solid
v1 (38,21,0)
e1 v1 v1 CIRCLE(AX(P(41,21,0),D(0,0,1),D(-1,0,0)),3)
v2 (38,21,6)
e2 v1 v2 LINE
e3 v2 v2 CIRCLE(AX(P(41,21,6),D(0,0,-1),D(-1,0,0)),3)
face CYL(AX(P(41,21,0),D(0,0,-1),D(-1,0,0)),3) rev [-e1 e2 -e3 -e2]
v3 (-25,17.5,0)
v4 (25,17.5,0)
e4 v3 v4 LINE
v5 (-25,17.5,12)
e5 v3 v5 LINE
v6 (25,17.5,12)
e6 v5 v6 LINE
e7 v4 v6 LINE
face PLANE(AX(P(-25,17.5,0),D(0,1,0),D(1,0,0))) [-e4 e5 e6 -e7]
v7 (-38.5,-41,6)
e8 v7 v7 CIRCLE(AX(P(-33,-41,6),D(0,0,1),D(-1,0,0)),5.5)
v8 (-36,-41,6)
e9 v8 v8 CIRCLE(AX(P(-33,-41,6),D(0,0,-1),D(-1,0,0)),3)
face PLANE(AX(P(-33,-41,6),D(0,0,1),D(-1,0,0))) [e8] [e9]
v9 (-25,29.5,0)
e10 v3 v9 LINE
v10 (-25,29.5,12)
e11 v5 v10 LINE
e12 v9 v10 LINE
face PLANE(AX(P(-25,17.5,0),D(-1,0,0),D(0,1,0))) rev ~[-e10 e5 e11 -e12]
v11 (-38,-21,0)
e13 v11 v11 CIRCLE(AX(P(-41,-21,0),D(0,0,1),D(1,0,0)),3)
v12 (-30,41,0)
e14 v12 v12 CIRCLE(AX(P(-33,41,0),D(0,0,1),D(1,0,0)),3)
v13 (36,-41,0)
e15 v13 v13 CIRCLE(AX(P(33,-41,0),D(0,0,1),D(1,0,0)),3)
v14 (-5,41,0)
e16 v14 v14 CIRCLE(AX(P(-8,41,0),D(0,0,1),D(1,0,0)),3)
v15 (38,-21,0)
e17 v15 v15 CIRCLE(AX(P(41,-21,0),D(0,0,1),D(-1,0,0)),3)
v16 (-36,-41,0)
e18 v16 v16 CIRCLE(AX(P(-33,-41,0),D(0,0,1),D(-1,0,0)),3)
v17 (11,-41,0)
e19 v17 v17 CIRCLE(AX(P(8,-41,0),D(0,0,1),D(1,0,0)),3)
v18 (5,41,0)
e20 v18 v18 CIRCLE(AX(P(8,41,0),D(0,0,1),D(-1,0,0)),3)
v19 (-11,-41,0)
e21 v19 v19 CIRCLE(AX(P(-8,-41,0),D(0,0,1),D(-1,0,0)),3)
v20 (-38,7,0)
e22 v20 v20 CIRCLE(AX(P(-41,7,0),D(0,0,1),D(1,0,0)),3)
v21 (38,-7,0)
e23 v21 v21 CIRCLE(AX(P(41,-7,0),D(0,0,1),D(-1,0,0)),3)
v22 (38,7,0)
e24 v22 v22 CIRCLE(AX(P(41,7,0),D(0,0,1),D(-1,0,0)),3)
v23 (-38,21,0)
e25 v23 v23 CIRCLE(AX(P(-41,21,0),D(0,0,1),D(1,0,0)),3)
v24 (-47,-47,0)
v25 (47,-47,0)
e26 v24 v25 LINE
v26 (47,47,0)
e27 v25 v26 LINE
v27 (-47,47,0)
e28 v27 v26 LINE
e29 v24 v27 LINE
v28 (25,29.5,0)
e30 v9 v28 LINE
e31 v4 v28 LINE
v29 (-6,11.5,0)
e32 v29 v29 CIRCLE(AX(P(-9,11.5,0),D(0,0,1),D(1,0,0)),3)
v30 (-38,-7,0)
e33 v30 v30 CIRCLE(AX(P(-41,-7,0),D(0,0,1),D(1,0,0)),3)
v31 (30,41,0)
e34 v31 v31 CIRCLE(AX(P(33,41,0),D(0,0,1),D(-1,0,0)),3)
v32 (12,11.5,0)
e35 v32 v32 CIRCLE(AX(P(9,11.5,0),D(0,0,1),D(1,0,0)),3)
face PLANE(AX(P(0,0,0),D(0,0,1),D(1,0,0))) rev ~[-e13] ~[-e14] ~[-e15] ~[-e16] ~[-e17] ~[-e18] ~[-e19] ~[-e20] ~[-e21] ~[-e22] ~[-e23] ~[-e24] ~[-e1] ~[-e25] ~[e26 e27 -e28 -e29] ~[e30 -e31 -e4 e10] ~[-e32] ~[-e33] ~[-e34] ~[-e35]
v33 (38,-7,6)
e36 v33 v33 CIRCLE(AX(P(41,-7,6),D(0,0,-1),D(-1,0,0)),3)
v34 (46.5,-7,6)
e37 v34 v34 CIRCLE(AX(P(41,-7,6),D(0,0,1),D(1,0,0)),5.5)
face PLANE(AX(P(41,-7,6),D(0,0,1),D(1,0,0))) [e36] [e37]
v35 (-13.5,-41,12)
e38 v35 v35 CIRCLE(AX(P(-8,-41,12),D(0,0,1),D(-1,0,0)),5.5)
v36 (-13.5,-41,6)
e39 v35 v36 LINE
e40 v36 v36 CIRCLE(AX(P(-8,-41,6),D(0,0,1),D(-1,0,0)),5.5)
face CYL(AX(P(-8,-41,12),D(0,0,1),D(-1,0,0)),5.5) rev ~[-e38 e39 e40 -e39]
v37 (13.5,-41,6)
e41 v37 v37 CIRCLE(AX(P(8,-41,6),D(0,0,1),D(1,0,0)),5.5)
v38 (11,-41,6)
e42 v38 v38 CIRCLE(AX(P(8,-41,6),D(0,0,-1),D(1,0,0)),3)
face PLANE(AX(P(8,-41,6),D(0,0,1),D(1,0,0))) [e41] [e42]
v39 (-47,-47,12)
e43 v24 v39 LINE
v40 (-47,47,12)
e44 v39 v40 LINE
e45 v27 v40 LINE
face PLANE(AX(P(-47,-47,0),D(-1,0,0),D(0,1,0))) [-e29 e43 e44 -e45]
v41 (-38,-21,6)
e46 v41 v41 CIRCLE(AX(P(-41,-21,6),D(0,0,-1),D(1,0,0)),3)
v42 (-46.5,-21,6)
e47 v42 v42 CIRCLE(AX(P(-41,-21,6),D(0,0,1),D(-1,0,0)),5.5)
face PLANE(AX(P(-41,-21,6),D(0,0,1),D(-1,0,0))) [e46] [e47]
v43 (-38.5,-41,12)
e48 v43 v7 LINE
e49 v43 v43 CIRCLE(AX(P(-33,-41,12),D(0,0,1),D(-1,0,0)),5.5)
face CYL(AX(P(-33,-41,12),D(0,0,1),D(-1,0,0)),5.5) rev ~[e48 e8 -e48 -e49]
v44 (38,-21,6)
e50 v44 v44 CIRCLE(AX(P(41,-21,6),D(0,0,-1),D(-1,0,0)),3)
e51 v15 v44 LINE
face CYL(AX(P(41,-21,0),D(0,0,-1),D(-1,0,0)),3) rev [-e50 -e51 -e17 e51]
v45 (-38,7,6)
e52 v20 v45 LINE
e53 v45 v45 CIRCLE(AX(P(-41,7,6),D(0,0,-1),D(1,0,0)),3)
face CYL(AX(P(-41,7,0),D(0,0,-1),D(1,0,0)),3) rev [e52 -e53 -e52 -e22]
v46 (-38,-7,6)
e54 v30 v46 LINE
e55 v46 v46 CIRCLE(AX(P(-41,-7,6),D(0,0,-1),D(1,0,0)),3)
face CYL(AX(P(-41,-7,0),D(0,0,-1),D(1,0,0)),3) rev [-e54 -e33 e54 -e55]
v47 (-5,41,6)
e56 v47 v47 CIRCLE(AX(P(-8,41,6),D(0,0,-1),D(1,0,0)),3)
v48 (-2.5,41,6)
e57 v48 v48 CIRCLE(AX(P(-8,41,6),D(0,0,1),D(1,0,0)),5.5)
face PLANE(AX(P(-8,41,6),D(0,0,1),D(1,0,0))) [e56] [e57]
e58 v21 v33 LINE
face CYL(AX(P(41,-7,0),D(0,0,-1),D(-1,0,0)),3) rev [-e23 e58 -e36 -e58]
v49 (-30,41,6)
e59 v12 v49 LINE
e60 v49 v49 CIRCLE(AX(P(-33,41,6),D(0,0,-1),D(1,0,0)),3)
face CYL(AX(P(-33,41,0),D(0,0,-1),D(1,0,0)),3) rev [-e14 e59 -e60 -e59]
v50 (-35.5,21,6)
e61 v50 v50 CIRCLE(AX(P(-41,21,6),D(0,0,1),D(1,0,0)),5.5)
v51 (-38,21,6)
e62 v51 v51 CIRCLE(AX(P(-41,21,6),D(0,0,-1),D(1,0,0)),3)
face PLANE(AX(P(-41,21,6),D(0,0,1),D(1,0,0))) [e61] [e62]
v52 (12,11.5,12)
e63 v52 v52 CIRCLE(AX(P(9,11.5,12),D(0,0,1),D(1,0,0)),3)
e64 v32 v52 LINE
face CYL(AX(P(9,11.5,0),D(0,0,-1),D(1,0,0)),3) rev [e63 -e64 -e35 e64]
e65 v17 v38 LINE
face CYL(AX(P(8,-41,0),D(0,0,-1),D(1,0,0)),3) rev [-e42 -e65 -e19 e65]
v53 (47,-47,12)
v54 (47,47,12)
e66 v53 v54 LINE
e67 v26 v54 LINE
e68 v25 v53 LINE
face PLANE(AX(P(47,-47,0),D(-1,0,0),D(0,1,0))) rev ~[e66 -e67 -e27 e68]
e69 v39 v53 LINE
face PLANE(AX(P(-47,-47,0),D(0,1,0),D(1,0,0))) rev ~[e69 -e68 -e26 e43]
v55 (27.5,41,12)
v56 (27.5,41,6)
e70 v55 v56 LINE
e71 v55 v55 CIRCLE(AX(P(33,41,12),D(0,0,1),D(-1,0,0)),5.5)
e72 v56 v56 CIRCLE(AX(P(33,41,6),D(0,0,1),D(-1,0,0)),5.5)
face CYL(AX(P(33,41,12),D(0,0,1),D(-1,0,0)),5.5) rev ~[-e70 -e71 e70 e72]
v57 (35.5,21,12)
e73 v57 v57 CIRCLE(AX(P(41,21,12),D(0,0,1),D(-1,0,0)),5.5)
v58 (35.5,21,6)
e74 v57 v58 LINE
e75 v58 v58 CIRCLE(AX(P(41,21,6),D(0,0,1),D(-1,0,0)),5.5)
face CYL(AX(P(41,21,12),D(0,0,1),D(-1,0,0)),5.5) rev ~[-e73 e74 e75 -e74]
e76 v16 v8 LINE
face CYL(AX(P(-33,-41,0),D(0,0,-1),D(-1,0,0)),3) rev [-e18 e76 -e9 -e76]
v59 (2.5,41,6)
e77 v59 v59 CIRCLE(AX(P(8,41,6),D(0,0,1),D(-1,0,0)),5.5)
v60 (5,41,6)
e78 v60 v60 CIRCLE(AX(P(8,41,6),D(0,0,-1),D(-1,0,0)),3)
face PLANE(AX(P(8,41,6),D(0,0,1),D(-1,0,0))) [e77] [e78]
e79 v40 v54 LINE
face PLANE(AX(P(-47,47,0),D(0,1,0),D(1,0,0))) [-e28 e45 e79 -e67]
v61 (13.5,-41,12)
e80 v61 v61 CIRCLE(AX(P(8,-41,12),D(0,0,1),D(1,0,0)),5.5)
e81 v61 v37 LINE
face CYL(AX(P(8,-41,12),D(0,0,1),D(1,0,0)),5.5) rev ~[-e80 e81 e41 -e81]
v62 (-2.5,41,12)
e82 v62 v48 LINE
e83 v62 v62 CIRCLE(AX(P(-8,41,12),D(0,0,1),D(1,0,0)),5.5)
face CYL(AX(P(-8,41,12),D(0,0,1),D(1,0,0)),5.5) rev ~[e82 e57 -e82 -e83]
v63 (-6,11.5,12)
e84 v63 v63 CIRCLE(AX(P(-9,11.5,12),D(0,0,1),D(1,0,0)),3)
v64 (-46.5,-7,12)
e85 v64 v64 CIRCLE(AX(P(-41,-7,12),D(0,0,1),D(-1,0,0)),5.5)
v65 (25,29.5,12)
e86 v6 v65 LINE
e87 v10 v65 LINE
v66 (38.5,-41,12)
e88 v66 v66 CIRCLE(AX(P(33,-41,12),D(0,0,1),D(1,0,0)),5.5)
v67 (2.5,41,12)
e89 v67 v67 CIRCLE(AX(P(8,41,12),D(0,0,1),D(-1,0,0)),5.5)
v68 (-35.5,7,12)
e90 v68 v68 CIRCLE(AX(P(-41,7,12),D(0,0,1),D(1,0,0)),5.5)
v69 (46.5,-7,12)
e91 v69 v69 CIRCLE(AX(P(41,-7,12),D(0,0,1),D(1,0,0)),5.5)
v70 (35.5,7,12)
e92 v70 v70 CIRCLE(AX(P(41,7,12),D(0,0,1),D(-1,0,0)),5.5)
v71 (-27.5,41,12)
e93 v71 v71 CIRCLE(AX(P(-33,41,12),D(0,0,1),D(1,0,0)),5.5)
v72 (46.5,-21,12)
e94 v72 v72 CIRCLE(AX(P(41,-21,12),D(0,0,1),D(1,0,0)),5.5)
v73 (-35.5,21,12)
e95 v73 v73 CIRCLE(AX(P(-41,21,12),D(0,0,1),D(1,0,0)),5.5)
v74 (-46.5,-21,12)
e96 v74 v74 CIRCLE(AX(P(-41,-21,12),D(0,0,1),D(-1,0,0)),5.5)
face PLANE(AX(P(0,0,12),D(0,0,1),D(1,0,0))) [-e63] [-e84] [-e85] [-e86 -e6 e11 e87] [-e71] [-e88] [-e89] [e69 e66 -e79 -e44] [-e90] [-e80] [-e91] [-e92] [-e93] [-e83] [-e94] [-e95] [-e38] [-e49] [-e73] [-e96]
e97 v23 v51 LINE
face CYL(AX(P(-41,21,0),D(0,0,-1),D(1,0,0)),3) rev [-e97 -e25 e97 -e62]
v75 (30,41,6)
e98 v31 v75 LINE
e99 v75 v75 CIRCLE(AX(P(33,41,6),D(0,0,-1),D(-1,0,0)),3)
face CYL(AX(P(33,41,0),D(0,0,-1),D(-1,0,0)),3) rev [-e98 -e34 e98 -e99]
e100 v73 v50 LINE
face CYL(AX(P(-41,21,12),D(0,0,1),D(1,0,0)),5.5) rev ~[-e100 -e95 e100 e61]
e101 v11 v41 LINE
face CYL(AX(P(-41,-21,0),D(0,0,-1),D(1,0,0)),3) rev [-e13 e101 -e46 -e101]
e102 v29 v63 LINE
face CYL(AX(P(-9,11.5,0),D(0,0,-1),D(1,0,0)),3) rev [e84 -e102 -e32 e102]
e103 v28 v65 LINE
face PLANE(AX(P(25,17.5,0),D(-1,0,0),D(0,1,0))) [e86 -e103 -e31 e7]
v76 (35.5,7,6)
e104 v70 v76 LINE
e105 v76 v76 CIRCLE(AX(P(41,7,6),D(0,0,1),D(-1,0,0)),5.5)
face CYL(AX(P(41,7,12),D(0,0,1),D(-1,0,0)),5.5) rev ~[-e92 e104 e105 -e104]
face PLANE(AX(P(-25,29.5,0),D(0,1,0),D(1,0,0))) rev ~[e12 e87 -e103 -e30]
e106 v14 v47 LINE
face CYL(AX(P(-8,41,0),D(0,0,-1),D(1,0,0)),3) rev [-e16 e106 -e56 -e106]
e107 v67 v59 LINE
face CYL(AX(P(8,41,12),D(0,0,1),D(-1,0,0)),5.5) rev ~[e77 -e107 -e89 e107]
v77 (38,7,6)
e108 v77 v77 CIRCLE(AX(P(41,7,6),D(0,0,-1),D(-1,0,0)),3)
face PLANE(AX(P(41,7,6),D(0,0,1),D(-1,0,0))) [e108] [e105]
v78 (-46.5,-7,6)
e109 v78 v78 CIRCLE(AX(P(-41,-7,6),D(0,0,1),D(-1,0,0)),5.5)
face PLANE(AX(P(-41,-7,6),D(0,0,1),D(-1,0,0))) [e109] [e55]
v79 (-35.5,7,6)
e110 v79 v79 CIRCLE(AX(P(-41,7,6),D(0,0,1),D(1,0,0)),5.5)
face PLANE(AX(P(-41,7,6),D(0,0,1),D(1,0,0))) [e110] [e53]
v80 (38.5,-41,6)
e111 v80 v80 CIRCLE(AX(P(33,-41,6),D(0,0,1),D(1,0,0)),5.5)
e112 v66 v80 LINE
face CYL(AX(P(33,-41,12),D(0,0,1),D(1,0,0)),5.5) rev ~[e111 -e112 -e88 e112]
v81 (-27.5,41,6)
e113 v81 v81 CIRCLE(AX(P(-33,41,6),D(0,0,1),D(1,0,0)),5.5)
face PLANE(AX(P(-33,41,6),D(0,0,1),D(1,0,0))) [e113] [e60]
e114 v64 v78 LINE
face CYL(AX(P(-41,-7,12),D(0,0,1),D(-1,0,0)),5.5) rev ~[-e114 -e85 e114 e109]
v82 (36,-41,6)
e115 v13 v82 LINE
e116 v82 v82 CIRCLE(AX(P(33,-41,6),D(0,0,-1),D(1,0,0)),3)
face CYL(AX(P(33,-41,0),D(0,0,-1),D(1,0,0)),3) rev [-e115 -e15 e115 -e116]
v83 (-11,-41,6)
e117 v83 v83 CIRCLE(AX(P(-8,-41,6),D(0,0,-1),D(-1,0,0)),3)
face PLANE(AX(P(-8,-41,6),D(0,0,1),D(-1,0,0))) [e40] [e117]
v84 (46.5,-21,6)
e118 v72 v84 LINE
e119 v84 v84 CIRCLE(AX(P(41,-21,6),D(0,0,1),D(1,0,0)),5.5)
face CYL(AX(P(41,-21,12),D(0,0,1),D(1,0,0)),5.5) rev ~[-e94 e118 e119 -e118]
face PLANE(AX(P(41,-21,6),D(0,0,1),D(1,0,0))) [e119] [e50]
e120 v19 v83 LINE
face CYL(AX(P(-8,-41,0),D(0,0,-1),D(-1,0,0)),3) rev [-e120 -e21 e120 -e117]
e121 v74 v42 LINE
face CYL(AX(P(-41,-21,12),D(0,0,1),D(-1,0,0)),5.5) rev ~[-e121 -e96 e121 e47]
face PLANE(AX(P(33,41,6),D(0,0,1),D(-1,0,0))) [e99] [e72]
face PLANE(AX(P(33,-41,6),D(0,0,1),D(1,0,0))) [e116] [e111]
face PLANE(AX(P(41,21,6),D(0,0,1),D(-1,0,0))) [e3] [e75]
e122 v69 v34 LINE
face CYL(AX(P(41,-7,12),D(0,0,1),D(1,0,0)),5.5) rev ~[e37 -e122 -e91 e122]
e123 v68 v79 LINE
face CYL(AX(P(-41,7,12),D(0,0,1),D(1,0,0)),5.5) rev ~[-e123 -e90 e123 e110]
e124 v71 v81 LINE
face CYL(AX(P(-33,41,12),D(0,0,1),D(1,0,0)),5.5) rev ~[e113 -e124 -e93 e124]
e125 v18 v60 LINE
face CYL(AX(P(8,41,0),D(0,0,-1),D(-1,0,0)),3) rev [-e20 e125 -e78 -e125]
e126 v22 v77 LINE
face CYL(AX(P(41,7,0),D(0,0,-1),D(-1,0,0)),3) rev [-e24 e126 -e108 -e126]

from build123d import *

# Parameters (mm, degrees)
SKETCH_1_W          = 94
SKETCH_1_H          = 94
SKETCH_1_R          = 3
SKETCH_1_W_2        = 50
SKETCH_1_H_2        = 12
EXTRUDE_1_DEPTH     = 12
SKETCH_2_R          = 5.5
CUT_EXTRUDE_1_DEPTH = 6


with BuildPart() as part:
    # 草图1 → 凸台-拉伸1 (new body)
    with BuildSketch(Plane.XY):
        Rectangle(SKETCH_1_W, SKETCH_1_H)
        with Locations((-33, 41)):
            Circle(SKETCH_1_R, mode=Mode.SUBTRACT)
        with Locations((-8, 41)):
            Circle(SKETCH_1_R, mode=Mode.SUBTRACT)
        with Locations((-41, 21)):
            Circle(SKETCH_1_R, mode=Mode.SUBTRACT)
        with Locations((-41, 7)):
            Circle(SKETCH_1_R, mode=Mode.SUBTRACT)
        with Locations((-41, -7)):
            Circle(SKETCH_1_R, mode=Mode.SUBTRACT)
        with Locations((-41, -21)):
            Circle(SKETCH_1_R, mode=Mode.SUBTRACT)
        with Locations(Location((-8, -41, 0), (0, 0, 180))):
            Circle(SKETCH_1_R, mode=Mode.SUBTRACT)
        with Locations(Location((-33, -41, 0), (0, 0, 180))):
            Circle(SKETCH_1_R, mode=Mode.SUBTRACT)
        with Locations((33, -41)):
            Circle(SKETCH_1_R, mode=Mode.SUBTRACT)
        with Locations((8, -41)):
            Circle(SKETCH_1_R, mode=Mode.SUBTRACT)
        with Locations(Location((41, -21, 0), (0, 0, 180))):
            Circle(SKETCH_1_R, mode=Mode.SUBTRACT)
        with Locations(Location((41, -7, 0), (0, 0, 180))):
            Circle(SKETCH_1_R, mode=Mode.SUBTRACT)
        with Locations(Location((41, 7, 0), (0, 0, 180))):
            Circle(SKETCH_1_R, mode=Mode.SUBTRACT)
        with Locations(Location((41, 21, 0), (0, 0, 180))):
            Circle(SKETCH_1_R, mode=Mode.SUBTRACT)
        with Locations(Location((8, 41, 0), (0, 0, 180))):
            Circle(SKETCH_1_R, mode=Mode.SUBTRACT)
        with Locations(Location((33, 41, 0), (0, 0, 180))):
            Circle(SKETCH_1_R, mode=Mode.SUBTRACT)
        with Locations((-9, 11.5)):
            Circle(SKETCH_1_R, mode=Mode.SUBTRACT)
        with Locations((9, 11.5)):
            Circle(SKETCH_1_R, mode=Mode.SUBTRACT)
        with Locations((0, 23.5)):
            Rectangle(SKETCH_1_W_2, SKETCH_1_H_2, mode=Mode.SUBTRACT)
    extrude(amount=EXTRUDE_1_DEPTH)

    # 草图2 → 切除-拉伸1 (cut)
    with BuildSketch(Plane.XY.offset(12)):
        with Locations((-33, 41)):
            Circle(SKETCH_2_R)
        with Locations((-8, 41)):
            Circle(SKETCH_2_R)
        with Locations((-41, 21)):
            Circle(SKETCH_2_R)
        with Locations(Location((41, 7, 0), (0, 0, 180))):
            Circle(SKETCH_2_R)
        with Locations((-41, 7)):
            Circle(SKETCH_2_R)
        with Locations(Location((41, 21, 0), (0, 0, 180))):
            Circle(SKETCH_2_R)
        with Locations(Location((8, 41, 0), (0, 0, 180))):
            Circle(SKETCH_2_R)
        with Locations(Location((33, 41, 0), (0, 0, 180))):
            Circle(SKETCH_2_R)
        with Locations((33, -41)):
            Circle(SKETCH_2_R)
        with Locations((8, -41)):
            Circle(SKETCH_2_R)
        with Locations((41, -21)):
            Circle(SKETCH_2_R)
        with Locations(Location((-41, -7, 0), (0, 0, 180))):
            Circle(SKETCH_2_R)
        with Locations((41, -7)):
            Circle(SKETCH_2_R)
        with Locations(Location((-41, -21, 0), (0, 0, 180))):
            Circle(SKETCH_2_R)
        with Locations(Location((-8, -41, 0), (0, 0, 180))):
            Circle(SKETCH_2_R)
        with Locations(Location((-33, -41, 0), (0, 0, 180))):
            Circle(SKETCH_2_R)
    extrude(amount=-CUT_EXTRUDE_1_DEPTH, mode=Mode.SUBTRACT)


solid = part.part
